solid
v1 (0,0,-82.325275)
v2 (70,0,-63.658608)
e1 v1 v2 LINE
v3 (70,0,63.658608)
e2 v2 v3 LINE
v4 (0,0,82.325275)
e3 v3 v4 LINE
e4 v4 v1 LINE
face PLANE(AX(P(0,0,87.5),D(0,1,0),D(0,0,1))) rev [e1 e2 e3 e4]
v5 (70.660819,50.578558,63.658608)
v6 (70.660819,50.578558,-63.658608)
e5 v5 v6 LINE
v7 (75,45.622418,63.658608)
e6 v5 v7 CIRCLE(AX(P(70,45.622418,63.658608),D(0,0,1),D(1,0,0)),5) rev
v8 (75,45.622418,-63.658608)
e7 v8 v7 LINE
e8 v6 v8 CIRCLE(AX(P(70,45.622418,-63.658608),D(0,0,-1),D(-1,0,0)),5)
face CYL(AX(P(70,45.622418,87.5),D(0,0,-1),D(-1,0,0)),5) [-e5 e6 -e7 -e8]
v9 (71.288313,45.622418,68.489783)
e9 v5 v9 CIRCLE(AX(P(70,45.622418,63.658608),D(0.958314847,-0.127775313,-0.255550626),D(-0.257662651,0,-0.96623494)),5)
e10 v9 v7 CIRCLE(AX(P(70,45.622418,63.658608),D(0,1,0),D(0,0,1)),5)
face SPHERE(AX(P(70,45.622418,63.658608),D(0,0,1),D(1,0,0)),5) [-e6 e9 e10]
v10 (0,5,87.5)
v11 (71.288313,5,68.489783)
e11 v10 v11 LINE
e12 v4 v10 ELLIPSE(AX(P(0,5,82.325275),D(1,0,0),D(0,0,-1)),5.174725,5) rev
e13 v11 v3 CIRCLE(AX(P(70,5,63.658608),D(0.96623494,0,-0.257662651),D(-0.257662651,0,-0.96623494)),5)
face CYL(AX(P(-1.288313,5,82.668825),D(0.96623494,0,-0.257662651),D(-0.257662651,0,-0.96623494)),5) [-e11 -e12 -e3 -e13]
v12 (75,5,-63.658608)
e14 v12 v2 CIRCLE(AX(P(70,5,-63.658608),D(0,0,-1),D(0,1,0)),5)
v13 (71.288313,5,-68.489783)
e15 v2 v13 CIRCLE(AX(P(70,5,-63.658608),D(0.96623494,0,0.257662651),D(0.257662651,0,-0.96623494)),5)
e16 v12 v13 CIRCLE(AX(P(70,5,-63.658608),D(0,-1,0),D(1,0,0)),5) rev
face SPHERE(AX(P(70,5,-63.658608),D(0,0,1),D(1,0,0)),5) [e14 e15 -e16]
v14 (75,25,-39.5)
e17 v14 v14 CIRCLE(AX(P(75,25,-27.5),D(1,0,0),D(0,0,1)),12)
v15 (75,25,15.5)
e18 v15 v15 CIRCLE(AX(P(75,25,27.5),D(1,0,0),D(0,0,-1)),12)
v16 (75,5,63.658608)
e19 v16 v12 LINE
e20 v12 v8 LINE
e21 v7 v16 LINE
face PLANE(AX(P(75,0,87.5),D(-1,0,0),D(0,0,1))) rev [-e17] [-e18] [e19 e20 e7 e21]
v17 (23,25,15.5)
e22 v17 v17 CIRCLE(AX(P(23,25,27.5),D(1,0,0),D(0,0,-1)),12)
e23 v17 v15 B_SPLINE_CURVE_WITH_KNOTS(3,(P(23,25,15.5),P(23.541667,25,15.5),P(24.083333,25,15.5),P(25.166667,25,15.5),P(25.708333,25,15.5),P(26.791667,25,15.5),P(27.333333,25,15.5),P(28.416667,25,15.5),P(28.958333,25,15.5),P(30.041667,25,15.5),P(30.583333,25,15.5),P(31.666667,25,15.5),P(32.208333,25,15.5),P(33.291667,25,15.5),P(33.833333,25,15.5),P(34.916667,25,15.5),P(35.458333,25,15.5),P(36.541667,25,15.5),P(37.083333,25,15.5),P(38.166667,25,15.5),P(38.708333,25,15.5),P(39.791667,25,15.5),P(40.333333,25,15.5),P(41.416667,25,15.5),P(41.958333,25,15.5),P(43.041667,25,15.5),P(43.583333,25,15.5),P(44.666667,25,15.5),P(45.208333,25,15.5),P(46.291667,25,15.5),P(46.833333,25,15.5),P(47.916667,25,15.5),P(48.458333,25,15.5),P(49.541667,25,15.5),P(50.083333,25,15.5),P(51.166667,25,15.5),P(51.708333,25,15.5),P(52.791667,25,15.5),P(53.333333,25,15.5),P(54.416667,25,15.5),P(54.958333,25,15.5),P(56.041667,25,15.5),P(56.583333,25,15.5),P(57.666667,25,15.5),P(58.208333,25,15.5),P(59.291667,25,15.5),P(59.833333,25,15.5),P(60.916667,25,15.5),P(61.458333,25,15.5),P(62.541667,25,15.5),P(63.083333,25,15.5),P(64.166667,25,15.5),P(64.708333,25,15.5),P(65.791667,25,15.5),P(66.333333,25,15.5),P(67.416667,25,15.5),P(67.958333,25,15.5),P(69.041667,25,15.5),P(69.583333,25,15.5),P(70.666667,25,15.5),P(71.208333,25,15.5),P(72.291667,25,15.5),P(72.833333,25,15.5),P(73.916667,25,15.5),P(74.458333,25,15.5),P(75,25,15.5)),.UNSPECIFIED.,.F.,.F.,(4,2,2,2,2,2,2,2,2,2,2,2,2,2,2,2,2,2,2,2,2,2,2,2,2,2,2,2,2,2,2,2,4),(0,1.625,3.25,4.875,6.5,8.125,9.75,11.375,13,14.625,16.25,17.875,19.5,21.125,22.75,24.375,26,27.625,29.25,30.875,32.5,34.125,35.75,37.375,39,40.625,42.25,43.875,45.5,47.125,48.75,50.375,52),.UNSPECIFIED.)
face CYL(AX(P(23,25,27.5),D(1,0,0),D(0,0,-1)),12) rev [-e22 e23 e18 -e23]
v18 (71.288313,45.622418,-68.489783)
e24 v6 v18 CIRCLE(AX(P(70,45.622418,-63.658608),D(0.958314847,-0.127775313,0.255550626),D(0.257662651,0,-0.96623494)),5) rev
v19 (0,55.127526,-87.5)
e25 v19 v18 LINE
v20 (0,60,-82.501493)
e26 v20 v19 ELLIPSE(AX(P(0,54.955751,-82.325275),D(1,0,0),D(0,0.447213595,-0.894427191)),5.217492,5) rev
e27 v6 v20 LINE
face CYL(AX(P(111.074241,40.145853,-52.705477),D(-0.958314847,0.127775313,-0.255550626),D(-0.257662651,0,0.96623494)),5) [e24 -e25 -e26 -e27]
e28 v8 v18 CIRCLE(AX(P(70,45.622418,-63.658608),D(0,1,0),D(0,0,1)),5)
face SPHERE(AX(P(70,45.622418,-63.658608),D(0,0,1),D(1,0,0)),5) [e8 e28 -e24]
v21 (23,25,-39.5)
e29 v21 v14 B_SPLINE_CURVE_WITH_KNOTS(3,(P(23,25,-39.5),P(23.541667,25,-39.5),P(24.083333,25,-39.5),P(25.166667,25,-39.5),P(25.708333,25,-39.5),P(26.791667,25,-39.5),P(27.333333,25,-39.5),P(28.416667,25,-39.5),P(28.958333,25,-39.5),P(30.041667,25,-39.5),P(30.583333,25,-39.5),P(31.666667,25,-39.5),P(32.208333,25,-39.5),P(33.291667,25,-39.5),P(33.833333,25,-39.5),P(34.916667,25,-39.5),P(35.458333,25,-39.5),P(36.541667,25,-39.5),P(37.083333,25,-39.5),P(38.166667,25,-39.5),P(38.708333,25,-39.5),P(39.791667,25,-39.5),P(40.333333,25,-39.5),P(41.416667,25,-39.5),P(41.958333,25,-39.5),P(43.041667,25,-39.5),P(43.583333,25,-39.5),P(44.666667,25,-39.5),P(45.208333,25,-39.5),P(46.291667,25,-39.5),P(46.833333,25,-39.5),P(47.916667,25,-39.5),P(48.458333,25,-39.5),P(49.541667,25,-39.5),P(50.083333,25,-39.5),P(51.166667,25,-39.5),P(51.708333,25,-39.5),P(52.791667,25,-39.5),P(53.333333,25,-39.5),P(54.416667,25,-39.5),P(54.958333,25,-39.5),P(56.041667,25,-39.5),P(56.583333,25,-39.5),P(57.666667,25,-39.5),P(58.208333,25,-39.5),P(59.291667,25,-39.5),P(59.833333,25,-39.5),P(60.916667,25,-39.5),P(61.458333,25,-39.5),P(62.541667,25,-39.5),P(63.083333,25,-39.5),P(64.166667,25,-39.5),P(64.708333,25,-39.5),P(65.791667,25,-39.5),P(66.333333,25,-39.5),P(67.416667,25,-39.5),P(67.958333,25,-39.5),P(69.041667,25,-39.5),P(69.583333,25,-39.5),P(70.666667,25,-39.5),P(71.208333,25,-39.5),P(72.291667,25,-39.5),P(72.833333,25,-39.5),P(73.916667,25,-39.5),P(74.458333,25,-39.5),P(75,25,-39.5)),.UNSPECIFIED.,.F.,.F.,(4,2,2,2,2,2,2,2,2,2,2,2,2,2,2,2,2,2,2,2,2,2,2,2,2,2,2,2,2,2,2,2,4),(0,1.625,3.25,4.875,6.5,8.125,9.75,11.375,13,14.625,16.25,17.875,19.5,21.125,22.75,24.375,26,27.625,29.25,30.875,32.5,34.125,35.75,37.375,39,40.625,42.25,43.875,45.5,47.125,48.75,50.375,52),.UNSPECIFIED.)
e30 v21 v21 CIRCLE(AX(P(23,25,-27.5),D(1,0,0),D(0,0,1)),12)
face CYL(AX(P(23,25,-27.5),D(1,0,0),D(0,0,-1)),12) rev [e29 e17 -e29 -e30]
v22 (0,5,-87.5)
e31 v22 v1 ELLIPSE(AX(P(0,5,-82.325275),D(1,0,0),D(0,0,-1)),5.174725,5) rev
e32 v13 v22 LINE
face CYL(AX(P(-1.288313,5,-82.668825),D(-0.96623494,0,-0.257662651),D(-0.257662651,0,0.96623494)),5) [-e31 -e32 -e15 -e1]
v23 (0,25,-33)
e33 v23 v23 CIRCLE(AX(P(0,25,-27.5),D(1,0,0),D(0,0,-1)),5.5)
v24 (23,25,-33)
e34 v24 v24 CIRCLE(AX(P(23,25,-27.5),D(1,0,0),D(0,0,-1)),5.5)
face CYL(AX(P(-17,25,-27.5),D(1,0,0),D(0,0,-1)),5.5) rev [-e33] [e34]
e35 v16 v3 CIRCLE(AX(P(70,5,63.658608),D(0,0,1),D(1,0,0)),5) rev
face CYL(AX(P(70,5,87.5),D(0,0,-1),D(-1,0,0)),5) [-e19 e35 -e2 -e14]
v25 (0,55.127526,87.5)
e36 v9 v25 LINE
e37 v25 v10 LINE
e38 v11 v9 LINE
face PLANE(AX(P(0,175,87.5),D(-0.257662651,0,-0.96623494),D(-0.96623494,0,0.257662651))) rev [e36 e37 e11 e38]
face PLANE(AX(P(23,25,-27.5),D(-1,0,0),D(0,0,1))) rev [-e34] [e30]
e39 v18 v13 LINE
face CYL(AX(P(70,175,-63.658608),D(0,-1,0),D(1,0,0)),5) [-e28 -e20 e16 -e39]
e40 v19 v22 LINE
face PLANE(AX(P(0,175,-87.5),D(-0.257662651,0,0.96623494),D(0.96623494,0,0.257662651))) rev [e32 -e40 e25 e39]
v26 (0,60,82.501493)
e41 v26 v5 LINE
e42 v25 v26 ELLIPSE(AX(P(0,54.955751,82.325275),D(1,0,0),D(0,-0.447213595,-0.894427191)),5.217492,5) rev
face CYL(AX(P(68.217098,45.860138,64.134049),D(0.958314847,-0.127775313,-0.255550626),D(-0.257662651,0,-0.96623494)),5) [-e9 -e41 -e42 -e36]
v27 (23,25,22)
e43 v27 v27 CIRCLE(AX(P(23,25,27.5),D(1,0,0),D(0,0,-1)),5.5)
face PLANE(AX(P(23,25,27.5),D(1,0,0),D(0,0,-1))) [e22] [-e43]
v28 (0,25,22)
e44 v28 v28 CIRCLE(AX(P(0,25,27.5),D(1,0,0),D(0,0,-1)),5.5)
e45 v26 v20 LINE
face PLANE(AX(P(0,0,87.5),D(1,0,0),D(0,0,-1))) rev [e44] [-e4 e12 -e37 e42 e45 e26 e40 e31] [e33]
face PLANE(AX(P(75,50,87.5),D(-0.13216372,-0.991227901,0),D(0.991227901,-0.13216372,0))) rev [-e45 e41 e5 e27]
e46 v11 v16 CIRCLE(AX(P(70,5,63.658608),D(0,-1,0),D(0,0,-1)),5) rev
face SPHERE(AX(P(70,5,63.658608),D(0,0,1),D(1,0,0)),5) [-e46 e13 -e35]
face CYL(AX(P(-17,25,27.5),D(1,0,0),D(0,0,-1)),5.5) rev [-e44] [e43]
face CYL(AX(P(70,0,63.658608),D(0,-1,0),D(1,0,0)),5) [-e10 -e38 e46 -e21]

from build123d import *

# Parameters (mm, degrees)
EXTRUDE_1_DEPTH     = 87.5
CUT_EXTRUDE_1_DEPTH = 175
SKETCH_3_R          = 12
CUT_EXTRUDE_2_DEPTH = 52
SKETCH_4_R          = 5.5
CUT_EXTRUDE_3_DEPTH = 40
FILLET_1_R          = 5


with BuildPart() as part:
    # 草图1 → 凸台-拉伸1 (new, symmetric)
    with BuildSketch(Plane.XY):
        Polygon((0, 0), (0, 60), (75, 50), (75, 0), align=None)
    extrude(amount=EXTRUDE_1_DEPTH, both=True)

    # 草图2 → 切除-拉伸1 (cut)
    with BuildSketch(Plane.XZ):
        Polygon((0, 87.5), (75, 67.5), (75, 87.5), align=None)
        Polygon((0, -87.5), (75, -67.5), (75, -87.5), align=None)
    extrude(amount=-CUT_EXTRUDE_1_DEPTH, mode=Mode.SUBTRACT)

    # 草图3 → 切除-拉伸2 (cut)
    with BuildSketch(Plane(origin=(75, 0, 0), x_dir=(0, 0, -1), z_dir=(1, 0, 0))):
        with Locations((-27.5, 25)):
            Circle(SKETCH_3_R)
        with Locations((27.5, 25)):
            Circle(SKETCH_3_R)
    extrude(amount=-CUT_EXTRUDE_2_DEPTH, mode=Mode.SUBTRACT)

    # 草图4 → 切除-拉伸3 (cut)
    with BuildSketch(Plane(origin=(23, 0, 0), x_dir=(0, 0, -1), z_dir=(1, 0, 0))):
        with Locations((-27.5, 25)):
            Circle(SKETCH_4_R)
        with Locations((27.5, 25)):
            Circle(SKETCH_4_R)
    extrude(amount=-CUT_EXTRUDE_3_DEPTH, mode=Mode.SUBTRACT)

    # 圆角1
    fillet_1_edges = [part.edges().sort_by_distance(p)[0] for p in [
        (75, 50, 0),
        (75, 0, 0),
        (37.5, 55, 77.5),
        (75, 25, 67.5),
        (37.5, 0, 77.5),
        (75, 25, -67.5),
        (37.5, 55, -77.5),
        (37.5, 0, -77.5),
    ]]
    fillet(fillet_1_edges, radius=FILLET_1_R)


solid = part.part
